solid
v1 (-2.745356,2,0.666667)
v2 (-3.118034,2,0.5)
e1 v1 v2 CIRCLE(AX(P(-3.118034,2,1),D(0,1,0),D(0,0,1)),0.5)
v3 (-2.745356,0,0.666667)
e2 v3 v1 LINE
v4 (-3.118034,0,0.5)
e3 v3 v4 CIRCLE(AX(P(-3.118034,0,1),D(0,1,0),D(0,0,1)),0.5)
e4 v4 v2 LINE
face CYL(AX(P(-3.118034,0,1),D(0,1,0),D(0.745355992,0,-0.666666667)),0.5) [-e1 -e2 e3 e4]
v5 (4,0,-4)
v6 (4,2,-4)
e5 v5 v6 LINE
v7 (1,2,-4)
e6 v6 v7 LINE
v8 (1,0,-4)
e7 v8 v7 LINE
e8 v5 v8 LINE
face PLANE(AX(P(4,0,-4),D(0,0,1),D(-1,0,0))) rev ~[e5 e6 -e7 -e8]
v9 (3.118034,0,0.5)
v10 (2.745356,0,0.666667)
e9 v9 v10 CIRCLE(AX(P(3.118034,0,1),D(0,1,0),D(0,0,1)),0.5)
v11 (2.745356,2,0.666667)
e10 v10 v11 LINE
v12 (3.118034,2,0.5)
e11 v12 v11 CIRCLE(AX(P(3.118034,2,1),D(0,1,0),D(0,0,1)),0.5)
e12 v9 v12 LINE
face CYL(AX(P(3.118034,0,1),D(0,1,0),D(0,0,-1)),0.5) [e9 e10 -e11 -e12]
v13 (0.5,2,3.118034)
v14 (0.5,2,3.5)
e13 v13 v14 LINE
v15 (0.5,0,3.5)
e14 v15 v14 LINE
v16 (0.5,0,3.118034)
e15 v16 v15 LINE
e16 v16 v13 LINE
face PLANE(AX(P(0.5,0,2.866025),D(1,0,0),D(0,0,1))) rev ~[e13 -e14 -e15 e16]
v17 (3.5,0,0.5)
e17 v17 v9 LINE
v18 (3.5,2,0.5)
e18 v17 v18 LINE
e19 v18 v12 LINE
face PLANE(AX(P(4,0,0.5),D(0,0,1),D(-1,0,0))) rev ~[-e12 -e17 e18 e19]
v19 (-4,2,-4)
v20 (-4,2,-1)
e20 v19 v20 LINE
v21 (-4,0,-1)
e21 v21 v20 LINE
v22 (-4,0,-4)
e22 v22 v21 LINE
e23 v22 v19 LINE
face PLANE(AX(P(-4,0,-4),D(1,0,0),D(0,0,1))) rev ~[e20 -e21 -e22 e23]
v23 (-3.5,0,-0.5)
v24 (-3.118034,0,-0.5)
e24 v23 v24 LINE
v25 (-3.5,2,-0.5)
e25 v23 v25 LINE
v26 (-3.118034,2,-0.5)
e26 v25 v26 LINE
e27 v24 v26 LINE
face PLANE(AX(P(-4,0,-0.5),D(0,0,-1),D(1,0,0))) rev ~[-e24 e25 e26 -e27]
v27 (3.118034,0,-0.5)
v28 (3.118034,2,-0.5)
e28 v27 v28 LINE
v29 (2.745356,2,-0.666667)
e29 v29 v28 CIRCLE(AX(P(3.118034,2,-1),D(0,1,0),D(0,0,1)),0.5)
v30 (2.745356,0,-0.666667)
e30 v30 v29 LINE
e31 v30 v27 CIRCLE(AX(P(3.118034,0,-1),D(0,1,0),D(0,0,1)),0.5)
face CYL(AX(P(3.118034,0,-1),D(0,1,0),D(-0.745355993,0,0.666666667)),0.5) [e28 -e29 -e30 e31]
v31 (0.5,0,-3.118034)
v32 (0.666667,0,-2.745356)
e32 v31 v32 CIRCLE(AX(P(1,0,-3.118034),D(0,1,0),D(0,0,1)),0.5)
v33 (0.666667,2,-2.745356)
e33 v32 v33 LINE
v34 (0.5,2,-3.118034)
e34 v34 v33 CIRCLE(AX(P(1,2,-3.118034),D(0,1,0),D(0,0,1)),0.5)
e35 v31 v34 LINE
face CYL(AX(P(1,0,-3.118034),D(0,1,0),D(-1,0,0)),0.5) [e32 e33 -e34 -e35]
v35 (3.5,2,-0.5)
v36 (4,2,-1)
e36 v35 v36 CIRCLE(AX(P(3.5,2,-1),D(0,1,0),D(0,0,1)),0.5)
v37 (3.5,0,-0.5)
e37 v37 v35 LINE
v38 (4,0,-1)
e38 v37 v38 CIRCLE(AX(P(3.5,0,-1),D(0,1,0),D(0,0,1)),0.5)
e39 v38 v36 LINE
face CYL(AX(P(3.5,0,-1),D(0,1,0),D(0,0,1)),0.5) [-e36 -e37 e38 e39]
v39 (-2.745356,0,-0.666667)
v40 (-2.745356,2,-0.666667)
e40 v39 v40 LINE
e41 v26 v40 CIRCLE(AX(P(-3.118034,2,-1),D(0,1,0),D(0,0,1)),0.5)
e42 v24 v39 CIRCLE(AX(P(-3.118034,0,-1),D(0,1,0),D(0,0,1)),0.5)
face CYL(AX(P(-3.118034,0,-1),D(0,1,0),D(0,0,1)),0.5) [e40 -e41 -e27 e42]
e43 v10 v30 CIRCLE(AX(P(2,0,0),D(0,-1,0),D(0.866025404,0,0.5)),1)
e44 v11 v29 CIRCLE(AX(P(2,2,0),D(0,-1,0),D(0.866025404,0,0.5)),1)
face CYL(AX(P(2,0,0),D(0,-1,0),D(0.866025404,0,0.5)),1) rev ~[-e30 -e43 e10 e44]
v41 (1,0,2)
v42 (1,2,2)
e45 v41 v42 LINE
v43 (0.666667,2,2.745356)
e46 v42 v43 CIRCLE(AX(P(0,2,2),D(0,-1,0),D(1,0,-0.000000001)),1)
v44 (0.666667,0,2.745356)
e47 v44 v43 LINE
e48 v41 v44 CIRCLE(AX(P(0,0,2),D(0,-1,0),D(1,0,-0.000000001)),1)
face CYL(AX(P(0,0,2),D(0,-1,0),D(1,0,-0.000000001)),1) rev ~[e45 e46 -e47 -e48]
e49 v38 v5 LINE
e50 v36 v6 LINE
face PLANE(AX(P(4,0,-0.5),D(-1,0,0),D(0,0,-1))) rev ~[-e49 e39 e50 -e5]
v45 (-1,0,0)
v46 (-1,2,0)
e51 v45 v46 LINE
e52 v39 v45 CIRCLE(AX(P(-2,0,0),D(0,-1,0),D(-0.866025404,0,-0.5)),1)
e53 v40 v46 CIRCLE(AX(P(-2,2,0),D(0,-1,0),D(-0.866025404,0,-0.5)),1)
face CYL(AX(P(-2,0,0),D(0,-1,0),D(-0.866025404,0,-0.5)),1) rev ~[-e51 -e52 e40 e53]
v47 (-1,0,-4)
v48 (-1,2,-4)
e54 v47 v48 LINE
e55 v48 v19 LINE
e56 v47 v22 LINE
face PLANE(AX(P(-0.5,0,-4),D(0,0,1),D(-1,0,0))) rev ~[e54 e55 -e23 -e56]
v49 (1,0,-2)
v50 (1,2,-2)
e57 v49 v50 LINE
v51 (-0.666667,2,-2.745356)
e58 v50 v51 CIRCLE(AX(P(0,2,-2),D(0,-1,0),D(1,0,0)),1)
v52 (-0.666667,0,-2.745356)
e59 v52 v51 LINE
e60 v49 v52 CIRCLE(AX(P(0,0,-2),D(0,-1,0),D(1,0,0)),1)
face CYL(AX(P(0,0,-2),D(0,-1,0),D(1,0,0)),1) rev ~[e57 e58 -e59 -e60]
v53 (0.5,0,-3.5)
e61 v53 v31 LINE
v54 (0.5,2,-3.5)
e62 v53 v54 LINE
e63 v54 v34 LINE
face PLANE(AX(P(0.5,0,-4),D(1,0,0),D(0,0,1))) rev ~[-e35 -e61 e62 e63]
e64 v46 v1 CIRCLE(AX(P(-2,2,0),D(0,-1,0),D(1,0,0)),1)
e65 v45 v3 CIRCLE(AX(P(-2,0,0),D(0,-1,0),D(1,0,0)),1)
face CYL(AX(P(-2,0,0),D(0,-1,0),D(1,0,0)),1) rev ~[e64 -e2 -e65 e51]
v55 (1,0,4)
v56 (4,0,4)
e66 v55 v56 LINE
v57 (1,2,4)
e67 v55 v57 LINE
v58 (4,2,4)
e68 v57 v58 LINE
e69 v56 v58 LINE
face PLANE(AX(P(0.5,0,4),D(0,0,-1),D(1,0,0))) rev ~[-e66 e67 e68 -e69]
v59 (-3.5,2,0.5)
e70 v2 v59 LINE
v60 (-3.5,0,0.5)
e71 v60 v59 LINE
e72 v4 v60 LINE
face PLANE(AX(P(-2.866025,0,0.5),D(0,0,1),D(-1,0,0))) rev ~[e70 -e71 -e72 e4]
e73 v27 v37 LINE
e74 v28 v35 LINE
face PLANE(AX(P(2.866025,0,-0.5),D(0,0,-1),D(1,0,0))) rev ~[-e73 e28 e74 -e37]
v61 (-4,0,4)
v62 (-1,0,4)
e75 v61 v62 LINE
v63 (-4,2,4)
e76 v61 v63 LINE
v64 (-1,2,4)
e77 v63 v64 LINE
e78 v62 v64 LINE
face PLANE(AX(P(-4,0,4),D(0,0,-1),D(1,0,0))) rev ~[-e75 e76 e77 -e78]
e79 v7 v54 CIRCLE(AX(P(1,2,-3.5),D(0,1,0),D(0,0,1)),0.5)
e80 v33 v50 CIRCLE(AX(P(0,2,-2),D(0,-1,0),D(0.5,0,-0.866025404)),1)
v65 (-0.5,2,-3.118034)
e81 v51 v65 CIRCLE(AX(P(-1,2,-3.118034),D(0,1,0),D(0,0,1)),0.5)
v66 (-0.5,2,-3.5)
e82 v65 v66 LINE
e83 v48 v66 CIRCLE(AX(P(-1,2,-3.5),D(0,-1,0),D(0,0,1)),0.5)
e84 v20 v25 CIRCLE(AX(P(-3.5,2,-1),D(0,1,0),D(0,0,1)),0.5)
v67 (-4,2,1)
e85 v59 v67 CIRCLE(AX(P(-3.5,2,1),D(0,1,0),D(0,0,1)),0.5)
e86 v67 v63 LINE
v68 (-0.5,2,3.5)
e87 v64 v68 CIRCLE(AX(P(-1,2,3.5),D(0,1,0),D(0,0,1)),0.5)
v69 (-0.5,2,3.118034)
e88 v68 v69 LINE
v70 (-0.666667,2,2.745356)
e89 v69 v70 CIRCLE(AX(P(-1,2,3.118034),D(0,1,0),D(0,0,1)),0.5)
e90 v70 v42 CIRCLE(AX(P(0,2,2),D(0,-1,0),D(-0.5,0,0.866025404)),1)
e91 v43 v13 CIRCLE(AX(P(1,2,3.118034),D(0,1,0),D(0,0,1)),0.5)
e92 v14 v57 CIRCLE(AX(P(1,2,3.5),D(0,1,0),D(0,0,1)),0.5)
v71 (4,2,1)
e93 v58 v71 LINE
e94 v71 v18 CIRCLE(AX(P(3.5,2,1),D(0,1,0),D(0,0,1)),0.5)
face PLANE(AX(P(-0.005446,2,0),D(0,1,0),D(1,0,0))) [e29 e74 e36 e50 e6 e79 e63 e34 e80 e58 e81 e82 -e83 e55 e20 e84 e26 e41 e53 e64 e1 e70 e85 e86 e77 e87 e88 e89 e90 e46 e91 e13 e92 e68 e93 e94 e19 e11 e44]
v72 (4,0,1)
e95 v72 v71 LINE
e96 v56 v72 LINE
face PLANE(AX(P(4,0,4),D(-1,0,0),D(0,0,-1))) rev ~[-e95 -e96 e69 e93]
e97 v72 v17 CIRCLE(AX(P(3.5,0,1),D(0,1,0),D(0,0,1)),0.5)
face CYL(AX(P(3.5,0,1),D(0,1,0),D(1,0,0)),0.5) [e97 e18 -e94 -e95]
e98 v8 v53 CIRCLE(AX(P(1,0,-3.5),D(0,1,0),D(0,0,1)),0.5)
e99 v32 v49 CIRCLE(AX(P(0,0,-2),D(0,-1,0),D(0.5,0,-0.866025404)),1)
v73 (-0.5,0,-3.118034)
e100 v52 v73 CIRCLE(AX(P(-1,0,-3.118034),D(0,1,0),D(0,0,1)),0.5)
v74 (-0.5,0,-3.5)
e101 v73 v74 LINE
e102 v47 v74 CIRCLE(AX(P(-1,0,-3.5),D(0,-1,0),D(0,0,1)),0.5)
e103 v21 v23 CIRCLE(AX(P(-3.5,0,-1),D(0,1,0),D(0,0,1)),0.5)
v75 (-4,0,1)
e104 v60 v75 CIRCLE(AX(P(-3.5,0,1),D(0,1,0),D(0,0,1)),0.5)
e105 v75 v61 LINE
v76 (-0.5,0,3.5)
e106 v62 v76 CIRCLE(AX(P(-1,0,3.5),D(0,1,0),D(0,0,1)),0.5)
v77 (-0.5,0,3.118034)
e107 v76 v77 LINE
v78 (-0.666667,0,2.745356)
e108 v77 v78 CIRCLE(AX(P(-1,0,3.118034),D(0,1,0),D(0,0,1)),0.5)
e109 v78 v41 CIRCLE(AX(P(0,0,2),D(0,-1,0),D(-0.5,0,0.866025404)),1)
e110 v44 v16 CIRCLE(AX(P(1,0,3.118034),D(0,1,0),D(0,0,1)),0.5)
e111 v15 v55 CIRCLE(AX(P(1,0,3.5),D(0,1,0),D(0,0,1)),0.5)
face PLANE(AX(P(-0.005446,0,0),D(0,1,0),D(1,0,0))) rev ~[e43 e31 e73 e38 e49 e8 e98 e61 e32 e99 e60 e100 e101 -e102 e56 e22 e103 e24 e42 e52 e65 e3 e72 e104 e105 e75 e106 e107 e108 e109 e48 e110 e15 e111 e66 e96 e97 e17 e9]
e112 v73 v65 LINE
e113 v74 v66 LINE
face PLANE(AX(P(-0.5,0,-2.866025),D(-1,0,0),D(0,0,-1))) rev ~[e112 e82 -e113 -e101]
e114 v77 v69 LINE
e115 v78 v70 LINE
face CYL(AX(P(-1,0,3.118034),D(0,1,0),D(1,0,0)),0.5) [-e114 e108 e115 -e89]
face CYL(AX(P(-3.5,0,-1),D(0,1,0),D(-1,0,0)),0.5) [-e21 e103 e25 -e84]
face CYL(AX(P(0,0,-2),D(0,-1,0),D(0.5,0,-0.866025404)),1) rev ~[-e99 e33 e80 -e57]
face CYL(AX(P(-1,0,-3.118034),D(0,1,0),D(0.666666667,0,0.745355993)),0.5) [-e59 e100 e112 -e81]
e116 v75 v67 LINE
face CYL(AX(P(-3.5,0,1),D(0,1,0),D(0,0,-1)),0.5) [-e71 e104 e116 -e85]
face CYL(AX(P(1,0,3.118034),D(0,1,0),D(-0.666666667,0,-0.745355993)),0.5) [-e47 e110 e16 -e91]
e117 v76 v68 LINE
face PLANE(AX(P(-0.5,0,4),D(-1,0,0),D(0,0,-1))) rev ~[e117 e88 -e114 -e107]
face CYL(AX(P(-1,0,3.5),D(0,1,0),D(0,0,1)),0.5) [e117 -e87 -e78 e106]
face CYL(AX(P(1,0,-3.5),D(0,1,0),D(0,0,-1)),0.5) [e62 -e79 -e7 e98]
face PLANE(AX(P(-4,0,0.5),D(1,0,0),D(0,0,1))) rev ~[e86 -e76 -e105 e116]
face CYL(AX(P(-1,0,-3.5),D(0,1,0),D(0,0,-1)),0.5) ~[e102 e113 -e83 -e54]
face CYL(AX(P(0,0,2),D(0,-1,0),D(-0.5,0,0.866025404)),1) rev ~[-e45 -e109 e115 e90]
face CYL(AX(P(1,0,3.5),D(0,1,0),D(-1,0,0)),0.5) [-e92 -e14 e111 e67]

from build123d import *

# Parameters (mm, degrees)
BOSS_EXTRUDE1_DEPTH = 2
FILLET1_R           = 0.5


with BuildPart() as part:
    # Sketch1 → Boss-Extrude1 (new body)
    with BuildSketch(Plane(origin=(0, 0, 0), x_dir=(1, 0, 0), z_dir=(0, 1, 0))):
        with BuildLine():
            Line((-0.5, 4), (-4, 4))
            Line((-4, 4), (-4, 0.5))
            Line((-4, 0.5), (-2.866025404, 0.5))
            ThreePointArc((-2.866025404, 0.5), (-1.741180955, 0.965925826), (-1, 0))
            ThreePointArc((-1, 0), (-1.741180955, -0.965925826), (-2.866025404, -0.5))
            Line((-2.866025404, -0.5), (-4, -0.5))
            Line((-4, -0.5), (-4, -4))
            Line((-4, -4), (-0.5, -4))
            Line((-0.5, -4), (-0.5, -2.866025404))
            ThreePointArc((-0.5, -2.866025404), (-0.5, -1.133974596), (1, -2))
            ThreePointArc((1, -2), (0.866025404, -2.5), (0.5, -2.866025404))
            Line((0.5, -2.866025404), (0.5, -4))
            Line((0.5, -4), (4, -4))
            Line((4, -4), (4, -0.5))
            Line((4, -0.5), (2.866025404, -0.5))
            ThreePointArc((2.866025404, -0.5), (1, 0), (2.866025404, 0.5))
            Line((2.866025404, 0.5), (4, 0.5))
            Line((4, 0.5), (4, 4))
            Line((4, 4), (0.5, 4))
            Line((0.5, 4), (0.5, 2.866025404))
            ThreePointArc((0.5, 2.866025404), (0.866025404, 2.5), (1, 2))
            ThreePointArc((1, 2), (-0.5, 1.133974596), (-0.5, 2.866025404))
            Line((-0.5, 2.866025404), (-0.5, 4))
        make_face()
    extrude(amount=BOSS_EXTRUDE1_DEPTH)

    # Fillet1
    fillet1_edges = [part.edges().sort_by_distance(p)[0] for p in [
        (-2.866025404, 1, -0.5),
        (-4, 1, -0.5),
        (-0.5, 1, -4),
        (-0.5, 1, -2.866025404),
        (0.5, 1, -2.866025404),
        (0.5, 1, -4),
        (4, 1, -0.5),
        (2.866025404, 1, -0.5),
        (2.866025404, 1, 0.5),
        (4, 1, 0.5),
        (0.5, 1, 4),
        (0.5, 1, 2.866025404),
        (-0.5, 1, 2.866025404),
        (-0.5, 1, 4),
        (-4, 1, 0.5),
        (-2.866025404, 1, 0.5),
    ]]
    fillet(fillet1_edges, radius=FILLET1_R)


solid = part.part
